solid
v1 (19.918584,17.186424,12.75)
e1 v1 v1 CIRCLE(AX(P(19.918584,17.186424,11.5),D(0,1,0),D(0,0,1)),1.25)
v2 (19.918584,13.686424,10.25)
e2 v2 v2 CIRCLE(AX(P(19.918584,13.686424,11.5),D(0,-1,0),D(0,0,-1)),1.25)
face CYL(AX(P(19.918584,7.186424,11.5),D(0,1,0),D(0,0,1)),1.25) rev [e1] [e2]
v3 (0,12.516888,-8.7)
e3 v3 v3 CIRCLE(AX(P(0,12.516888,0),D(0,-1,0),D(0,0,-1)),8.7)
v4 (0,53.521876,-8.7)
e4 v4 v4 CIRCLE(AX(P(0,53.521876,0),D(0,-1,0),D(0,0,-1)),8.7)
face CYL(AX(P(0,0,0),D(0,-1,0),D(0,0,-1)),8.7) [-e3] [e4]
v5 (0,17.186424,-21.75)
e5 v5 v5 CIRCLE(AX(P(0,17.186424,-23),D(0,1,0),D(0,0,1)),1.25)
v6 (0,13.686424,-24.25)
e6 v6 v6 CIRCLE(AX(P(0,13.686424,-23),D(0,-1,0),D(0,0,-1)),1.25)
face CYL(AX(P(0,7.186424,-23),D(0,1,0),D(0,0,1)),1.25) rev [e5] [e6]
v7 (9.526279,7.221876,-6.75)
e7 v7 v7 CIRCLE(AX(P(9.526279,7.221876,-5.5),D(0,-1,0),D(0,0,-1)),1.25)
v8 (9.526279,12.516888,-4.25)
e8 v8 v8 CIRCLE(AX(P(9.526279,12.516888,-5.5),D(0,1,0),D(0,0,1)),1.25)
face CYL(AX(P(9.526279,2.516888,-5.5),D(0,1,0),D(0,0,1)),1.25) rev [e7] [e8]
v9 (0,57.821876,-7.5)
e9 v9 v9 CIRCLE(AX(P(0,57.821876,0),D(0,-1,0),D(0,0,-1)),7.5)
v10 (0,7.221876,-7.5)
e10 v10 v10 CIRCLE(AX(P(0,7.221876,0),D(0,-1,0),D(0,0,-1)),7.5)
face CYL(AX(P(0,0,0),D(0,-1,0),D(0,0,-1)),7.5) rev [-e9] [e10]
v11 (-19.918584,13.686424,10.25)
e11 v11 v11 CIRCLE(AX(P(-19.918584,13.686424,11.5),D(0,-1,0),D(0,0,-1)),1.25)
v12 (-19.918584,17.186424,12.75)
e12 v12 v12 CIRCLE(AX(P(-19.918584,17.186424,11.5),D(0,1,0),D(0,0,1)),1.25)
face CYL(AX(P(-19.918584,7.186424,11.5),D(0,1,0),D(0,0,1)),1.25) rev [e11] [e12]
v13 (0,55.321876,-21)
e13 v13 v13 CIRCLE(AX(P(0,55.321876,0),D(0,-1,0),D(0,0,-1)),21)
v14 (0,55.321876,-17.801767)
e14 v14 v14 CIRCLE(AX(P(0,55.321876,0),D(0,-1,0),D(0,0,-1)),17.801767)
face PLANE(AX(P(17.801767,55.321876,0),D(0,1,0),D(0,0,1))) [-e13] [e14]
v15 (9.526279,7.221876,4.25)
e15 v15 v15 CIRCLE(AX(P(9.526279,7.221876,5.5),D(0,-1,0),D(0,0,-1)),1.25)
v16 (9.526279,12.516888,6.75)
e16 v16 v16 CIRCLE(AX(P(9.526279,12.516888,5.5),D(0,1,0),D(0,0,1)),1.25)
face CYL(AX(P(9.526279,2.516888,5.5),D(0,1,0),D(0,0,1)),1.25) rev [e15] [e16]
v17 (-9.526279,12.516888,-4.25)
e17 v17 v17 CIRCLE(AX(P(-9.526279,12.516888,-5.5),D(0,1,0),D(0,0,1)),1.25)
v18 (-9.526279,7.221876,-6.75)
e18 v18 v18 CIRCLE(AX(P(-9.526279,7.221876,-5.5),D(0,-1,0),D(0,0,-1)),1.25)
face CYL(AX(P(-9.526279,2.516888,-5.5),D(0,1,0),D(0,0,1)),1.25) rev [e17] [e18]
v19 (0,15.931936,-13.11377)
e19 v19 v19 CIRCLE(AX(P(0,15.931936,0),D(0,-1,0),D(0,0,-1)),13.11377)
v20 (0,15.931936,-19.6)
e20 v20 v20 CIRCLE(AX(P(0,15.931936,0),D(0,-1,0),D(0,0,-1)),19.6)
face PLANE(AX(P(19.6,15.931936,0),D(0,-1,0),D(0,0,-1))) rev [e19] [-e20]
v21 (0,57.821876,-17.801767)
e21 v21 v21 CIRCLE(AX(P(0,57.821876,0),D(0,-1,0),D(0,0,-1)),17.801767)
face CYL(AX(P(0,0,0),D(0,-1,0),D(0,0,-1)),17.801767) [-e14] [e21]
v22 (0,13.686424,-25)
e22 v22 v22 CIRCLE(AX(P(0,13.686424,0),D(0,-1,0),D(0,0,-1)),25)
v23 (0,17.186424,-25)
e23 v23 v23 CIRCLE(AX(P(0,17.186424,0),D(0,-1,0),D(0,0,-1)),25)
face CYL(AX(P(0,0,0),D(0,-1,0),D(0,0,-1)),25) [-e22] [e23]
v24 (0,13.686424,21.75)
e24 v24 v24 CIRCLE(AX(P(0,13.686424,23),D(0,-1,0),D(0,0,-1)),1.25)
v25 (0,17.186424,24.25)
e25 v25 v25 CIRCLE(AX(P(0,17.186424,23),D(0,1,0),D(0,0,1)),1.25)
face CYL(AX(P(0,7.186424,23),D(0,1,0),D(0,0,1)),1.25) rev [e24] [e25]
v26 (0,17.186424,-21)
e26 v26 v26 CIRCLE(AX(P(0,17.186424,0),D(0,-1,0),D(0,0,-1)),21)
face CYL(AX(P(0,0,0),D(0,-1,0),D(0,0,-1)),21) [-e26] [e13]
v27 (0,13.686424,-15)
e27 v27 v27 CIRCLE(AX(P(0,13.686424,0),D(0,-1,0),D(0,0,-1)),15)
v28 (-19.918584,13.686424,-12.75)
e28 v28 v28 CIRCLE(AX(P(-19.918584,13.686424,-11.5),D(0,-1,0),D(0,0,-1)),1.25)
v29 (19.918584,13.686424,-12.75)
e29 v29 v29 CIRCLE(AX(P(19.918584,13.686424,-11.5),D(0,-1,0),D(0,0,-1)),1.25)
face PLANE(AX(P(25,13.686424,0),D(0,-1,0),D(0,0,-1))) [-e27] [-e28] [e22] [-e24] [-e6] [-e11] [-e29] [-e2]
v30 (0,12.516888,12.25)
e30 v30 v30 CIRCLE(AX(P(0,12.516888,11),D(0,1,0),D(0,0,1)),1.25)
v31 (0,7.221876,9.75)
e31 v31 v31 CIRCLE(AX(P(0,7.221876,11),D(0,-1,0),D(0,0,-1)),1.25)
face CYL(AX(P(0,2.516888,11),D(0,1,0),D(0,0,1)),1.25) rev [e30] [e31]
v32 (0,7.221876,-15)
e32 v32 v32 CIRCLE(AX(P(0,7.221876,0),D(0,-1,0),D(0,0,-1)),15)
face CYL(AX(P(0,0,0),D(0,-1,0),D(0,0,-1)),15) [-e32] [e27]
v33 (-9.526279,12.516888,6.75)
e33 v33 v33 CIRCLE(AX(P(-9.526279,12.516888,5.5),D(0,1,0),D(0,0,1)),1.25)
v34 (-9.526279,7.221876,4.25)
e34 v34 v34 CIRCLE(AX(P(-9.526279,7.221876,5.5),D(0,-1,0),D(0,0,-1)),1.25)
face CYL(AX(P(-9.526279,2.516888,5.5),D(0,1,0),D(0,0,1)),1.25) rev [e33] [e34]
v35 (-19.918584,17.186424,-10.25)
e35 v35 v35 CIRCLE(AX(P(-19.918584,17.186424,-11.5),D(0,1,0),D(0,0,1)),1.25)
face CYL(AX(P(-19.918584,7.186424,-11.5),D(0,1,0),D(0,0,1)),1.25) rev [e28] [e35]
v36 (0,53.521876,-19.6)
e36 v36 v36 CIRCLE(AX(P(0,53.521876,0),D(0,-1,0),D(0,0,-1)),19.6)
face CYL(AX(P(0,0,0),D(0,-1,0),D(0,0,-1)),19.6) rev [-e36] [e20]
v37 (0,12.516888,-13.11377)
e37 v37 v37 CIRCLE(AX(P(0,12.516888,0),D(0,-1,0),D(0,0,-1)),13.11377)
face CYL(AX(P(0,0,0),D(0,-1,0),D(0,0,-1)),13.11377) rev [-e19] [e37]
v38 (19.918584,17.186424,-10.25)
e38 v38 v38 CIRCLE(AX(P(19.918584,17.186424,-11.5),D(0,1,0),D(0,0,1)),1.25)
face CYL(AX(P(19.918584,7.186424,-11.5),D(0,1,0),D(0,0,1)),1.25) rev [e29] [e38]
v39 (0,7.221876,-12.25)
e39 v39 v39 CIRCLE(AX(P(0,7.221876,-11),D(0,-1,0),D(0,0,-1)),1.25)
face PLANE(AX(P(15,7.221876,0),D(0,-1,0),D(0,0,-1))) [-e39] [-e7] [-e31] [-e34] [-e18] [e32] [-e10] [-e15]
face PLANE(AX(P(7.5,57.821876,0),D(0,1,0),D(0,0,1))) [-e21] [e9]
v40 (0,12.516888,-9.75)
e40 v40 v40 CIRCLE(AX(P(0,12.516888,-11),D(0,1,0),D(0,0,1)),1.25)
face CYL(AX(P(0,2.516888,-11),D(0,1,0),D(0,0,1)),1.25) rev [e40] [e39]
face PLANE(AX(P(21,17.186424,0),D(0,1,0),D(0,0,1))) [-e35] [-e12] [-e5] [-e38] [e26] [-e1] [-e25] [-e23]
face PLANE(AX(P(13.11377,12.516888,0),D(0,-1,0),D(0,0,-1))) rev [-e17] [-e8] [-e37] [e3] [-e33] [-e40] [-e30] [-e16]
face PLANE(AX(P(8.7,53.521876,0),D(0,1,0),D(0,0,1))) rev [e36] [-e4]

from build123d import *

# Parameters (mm, degrees)
SKETCH2_R          = 1.25
CUT_EXTRUDE1_DEPTH = 10
SKETCH4_R          = 1.25
CUT_EXTRUDE2_DEPTH = 10


with BuildPart() as part:
    # Sketch1 → Revolve1 (revolve)
    with BuildSketch(Plane.XY):
        Polygon((7.5, 57.821876273), (7.5, 7.221876273), (15, 7.221876273), (15, 13.686423943), (25, 13.686423943), (25, 17.186423943), (21, 17.186423943), (21, 55.321876273), (17.801767056, 55.321876273), (17.801767056, 57.821876273), align=None)
        Polygon((8.7, 53.521876273), (19.6, 53.521876273), (19.6, 15.931935651), (13.113770226, 15.931935651), (13.113770226, 12.516887812), (8.7, 12.516887812), align=None, mode=Mode.SUBTRACT)
    revolve(axis=Axis((0, 0, 0), (0, 1, 0)))

    # Sketch2 → Cut-Extrude1 (cut)
    with BuildSketch(Plane(origin=(0, 17.186423943, 0), x_dir=(1, 0, 0), z_dir=(0, 1, 0))):
        with Locations((0, 23)):
            Circle(SKETCH2_R)
        with Locations((19.918584287, 11.5)):
            Circle(SKETCH2_R)
        with Locations((19.918584287, -11.5)):
            Circle(SKETCH2_R)
        with Locations((0, -23)):
            Circle(SKETCH2_R)
        with Locations((-19.918584287, -11.5)):
            Circle(SKETCH2_R)
        with Locations((-19.918584287, 11.5)):
            Circle(SKETCH2_R)
    extrude(amount=-CUT_EXTRUDE1_DEPTH, mode=Mode.SUBTRACT)

    # Sketch4 → Cut-Extrude2 (cut)
    with BuildSketch(Plane(origin=(0, 12.516887812, 0), x_dir=(1, 0, 0), z_dir=(0, 1, 0))):
        with Locations((0, 11)):
            Circle(SKETCH4_R)
        with Locations((9.526279442, 5.5)):
            Circle(SKETCH4_R)
        with Locations((9.526279442, -5.5)):
            Circle(SKETCH4_R)
        with Locations((0, -11)):
            Circle(SKETCH4_R)
        with Locations((-9.526279442, -5.5)):
            Circle(SKETCH4_R)
        with Locations((-9.526279442, 5.5)):
            Circle(SKETCH4_R)
    extrude(amount=-CUT_EXTRUDE2_DEPTH, mode=Mode.SUBTRACT)


solid = part.part
